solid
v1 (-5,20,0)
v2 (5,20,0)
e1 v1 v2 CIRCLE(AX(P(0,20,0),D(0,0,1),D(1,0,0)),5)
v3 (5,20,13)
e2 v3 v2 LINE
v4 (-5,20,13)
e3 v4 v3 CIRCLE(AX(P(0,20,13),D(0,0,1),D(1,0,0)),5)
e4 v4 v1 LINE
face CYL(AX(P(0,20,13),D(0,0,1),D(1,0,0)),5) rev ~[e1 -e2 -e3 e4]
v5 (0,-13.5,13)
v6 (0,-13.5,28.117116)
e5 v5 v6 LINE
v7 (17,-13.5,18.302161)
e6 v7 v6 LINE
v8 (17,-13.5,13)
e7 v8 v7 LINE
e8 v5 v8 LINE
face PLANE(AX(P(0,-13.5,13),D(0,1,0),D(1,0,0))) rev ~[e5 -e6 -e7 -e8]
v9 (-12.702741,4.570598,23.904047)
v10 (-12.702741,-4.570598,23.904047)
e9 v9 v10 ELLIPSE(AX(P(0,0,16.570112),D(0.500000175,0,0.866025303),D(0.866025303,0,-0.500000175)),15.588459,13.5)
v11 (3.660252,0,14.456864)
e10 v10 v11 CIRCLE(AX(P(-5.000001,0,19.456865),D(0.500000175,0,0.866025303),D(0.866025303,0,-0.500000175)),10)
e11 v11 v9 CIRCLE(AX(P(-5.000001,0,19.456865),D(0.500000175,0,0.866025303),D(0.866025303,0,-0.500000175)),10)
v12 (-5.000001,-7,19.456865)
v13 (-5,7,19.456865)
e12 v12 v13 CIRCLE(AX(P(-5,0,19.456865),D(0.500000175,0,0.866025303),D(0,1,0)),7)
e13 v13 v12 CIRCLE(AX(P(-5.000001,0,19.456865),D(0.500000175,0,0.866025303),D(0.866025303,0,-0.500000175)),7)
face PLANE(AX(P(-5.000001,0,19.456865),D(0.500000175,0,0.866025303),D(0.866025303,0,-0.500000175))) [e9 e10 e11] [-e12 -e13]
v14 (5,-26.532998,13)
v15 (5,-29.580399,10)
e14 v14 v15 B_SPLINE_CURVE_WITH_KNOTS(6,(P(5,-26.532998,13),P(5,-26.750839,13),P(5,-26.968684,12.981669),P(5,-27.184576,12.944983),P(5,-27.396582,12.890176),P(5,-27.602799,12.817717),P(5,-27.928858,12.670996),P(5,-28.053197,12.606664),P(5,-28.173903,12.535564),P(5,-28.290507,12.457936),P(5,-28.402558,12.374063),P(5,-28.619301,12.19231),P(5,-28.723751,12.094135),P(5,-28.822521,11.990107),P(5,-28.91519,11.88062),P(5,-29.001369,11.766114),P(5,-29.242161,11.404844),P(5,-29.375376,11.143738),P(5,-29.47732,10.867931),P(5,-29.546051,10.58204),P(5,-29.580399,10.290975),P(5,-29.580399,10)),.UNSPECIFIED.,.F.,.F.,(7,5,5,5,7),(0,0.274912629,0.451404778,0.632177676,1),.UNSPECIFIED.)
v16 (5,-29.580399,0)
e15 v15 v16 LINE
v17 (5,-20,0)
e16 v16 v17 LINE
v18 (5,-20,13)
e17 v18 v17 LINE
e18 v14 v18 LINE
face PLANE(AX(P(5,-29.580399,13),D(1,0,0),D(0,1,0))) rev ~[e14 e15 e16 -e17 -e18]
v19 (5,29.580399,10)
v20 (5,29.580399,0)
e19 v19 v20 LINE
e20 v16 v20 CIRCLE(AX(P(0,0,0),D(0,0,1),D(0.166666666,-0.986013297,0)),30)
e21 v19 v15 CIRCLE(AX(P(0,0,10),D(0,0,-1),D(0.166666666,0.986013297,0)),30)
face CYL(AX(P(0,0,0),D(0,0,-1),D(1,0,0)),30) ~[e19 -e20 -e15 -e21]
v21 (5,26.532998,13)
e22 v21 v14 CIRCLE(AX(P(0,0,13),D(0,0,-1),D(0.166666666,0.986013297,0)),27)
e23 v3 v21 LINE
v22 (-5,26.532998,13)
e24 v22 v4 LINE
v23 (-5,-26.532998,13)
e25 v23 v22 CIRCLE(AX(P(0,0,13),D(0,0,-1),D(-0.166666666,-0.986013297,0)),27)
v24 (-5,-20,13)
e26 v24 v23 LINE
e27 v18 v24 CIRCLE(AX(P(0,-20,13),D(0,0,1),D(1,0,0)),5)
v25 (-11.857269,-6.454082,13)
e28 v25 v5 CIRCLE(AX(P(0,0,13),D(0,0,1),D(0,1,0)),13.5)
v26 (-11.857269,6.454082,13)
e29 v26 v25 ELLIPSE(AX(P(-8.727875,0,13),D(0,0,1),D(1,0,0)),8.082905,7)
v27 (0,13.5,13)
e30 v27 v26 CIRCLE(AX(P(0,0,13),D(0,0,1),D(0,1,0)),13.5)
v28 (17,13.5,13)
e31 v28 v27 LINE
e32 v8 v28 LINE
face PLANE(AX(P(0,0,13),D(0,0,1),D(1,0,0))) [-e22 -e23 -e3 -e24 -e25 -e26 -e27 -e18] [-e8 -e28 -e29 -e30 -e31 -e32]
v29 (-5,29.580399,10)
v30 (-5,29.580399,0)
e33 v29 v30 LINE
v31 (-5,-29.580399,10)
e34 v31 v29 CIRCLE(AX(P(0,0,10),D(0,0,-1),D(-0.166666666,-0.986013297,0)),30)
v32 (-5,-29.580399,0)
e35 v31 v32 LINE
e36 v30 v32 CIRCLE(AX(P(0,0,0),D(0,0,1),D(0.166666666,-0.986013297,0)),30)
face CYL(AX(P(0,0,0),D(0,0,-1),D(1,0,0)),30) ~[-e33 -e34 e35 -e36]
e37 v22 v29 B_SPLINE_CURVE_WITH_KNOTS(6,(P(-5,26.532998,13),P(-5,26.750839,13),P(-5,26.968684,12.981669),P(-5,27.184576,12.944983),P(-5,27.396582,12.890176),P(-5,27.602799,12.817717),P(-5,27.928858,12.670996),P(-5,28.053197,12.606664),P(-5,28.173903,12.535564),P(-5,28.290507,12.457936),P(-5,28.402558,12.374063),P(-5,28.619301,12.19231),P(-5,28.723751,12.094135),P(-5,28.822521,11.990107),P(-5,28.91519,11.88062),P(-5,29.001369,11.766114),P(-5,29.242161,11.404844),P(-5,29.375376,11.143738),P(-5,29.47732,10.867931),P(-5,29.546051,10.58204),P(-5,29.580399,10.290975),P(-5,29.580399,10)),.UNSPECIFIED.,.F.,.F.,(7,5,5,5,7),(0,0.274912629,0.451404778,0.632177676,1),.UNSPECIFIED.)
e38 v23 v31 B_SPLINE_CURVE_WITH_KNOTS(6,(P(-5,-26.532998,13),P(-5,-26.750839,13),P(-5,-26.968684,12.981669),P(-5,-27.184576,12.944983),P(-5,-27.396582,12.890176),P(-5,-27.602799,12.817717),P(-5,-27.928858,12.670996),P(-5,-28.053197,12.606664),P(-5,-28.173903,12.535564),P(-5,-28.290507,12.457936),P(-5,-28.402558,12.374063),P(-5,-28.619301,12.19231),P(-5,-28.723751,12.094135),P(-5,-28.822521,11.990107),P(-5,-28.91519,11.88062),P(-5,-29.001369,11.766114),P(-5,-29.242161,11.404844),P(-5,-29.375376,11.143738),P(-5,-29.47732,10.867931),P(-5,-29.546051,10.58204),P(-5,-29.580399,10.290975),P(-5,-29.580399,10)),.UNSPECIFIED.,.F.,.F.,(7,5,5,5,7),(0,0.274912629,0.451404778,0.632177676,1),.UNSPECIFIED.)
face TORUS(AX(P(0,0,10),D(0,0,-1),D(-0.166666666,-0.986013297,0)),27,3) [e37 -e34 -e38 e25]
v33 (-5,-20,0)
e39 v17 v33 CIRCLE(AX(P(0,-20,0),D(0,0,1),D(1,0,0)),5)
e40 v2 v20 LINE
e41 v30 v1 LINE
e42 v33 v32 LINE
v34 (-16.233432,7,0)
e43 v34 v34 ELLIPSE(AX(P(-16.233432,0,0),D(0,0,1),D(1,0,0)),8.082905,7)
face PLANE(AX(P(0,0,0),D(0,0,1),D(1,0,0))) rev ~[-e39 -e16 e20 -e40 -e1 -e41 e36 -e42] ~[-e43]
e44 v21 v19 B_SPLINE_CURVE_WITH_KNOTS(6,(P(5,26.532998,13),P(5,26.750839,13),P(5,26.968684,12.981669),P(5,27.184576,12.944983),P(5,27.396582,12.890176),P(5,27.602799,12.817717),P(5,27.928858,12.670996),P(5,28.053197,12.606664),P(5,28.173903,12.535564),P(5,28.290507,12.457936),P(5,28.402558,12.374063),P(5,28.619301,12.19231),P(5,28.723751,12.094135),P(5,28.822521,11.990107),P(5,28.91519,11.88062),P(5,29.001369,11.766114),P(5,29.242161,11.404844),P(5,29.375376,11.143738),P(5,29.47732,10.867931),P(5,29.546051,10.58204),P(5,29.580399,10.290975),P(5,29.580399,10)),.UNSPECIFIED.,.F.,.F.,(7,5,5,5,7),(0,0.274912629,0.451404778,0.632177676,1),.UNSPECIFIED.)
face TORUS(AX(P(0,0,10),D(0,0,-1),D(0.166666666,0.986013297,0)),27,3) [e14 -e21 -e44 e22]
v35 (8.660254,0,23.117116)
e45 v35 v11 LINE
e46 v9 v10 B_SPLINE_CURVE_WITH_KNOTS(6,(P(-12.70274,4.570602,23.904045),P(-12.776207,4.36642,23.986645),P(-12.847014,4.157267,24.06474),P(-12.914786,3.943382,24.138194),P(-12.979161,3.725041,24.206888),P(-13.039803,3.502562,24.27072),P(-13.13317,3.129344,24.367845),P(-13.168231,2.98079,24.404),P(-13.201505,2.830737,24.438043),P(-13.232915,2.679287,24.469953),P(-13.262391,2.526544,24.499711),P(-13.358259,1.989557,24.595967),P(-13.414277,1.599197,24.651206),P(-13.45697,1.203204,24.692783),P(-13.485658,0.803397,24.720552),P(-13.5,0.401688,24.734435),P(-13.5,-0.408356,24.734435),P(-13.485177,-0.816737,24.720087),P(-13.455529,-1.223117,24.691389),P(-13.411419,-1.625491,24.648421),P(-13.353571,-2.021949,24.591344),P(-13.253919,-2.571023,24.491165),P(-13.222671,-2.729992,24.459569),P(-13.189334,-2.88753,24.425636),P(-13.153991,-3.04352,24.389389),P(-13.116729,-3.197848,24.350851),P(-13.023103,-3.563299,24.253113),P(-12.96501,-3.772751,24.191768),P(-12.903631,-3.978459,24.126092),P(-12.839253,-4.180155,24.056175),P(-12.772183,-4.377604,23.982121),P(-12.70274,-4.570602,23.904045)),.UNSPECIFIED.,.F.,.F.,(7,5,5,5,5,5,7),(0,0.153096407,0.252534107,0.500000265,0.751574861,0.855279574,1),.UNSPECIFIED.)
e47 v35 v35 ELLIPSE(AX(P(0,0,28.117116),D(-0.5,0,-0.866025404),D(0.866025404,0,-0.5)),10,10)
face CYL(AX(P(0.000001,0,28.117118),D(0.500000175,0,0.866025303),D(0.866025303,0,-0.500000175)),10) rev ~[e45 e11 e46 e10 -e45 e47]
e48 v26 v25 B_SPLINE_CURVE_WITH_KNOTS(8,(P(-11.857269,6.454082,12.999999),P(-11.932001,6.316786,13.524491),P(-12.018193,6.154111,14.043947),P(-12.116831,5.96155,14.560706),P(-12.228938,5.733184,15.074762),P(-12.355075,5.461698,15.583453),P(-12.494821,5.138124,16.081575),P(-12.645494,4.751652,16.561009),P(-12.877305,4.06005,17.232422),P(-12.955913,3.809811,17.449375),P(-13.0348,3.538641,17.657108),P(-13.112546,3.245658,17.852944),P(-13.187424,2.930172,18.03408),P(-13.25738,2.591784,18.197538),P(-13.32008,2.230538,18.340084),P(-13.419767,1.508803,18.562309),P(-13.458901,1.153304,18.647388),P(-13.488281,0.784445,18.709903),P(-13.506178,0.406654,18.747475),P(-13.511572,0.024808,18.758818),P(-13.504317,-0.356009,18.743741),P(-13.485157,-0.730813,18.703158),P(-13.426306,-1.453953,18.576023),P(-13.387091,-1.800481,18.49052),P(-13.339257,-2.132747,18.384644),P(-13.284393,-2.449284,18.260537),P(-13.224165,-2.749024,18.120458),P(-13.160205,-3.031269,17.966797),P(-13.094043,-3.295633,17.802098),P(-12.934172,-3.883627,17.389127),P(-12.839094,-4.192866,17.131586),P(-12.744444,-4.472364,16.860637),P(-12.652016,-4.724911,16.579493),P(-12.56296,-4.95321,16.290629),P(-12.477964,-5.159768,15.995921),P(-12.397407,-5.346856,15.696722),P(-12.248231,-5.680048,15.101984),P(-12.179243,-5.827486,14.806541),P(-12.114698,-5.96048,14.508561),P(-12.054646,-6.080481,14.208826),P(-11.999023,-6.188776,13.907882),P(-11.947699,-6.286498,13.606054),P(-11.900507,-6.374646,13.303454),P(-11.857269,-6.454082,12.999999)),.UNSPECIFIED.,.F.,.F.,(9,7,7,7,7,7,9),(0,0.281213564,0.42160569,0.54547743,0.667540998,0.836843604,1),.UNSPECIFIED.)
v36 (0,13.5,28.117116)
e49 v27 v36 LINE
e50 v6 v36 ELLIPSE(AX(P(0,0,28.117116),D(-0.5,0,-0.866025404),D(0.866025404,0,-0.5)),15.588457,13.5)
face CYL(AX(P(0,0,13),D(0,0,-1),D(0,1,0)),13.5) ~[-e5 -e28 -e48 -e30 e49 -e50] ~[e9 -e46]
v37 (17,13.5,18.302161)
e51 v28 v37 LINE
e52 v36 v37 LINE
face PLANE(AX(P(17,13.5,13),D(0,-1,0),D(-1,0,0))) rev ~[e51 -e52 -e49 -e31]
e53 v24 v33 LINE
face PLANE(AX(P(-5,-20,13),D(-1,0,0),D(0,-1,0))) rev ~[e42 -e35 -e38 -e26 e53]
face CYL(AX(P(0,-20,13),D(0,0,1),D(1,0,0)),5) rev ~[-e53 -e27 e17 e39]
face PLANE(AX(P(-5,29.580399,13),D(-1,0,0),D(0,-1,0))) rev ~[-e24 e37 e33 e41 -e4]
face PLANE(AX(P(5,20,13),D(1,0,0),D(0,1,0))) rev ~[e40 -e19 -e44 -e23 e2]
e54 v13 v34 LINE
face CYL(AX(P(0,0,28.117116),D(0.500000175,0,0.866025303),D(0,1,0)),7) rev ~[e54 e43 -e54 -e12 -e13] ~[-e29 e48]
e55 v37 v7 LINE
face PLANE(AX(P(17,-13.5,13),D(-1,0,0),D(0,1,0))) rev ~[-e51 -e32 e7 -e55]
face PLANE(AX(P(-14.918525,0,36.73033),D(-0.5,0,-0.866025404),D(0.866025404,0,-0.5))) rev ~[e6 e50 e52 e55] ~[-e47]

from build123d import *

# Parameters (mm, degrees)
F0_R       = 30
F1_DEPTH   = 13
F3_DEPTH   = 25
F5_DEPTH   = 25
F7_DEPTH   = 25
F9_DEPTH   = 25
F10_R      = 10
F10_R_2    = 7
F11_DEPTH  = 10
F11_FACE_R = 7
F12_DEPTH  = 39.351137
F13_R      = 3
F14_R      = 3


with BuildPart() as f1:
    # F0 (on Top) → F1 (new body)
    with BuildSketch(Plane.XY):
        Circle(F0_R)
    extrude(amount=F1_DEPTH)

    # F2 (on face) → F3 (cut)
    with BuildSketch(Plane.XY.offset(13)):
        with BuildLine():
            Line((5, -29.580399), (5, -20))
            ThreePointArc((5, -20), (0, -25), (-5, -20))
            Line((-5, -20), (-5, -29.580399))
            ThreePointArc((-5, -29.580399), (0, -30), (5, -29.580399))
        make_face()
        with BuildLine():
            ThreePointArc((-5, -20), (0, -25), (5, -20))
            ThreePointArc((5, -20), (0, -15), (-5, -20))
        make_face()
    extrude(amount=-F3_DEPTH, mode=Mode.SUBTRACT)

    # F4 (on face) → F5 (cut)
    with BuildSketch(Plane.XY.offset(13)):
        with BuildLine():
            ThreePointArc((-5, 20), (0, 15), (5, 20))
            ThreePointArc((5, 20), (0, 25), (-5, 20))
        make_face()
        with BuildLine():
            ThreePointArc((-5, 20), (0, 25), (5, 20))
            Line((5, 20), (5, 29.580399))
            ThreePointArc((5, 29.580399), (0, 30), (-5, 29.580399))
            Line((-5, 29.580399), (-5, 20))
        make_face()
    extrude(amount=-F5_DEPTH, mode=Mode.SUBTRACT)

    # F6 (on face) → F7 (join)
    with BuildSketch(Plane.XY.offset(13)):
        with BuildLine():
            ThreePointArc((0, -13.5), (9.545942, -9.545942), (13.5, 0))
            ThreePointArc((13.5, 0), (9.545942, 9.545942), (0, 13.5))
            ThreePointArc((0, 13.5), (-13.5, 0), (0, -13.5))
        make_face()
        with BuildLine():
            ThreePointArc((0, 13.5), (9.545942, 9.545942), (13.5, 0))
            ThreePointArc((13.5, 0), (9.545942, -9.545942), (0, -13.5))
            Line((0, -13.5), (17, -13.5))
            Line((17, -13.5), (17, 13.5))
            Line((17, 13.5), (0, 13.5))
        make_face()
    extrude(amount=F7_DEPTH)

    # F8 (on Front) → F9 (cut, symmetric)
    with BuildSketch(Plane.XZ):
        Polygon((-14.918525, 36.73033), (17, 18.302161), (17, 39.234225), (-14.918525, 39.234225), align=None)
    extrude(amount=F9_DEPTH, both=True, mode=Mode.SUBTRACT)

    # F10 (on face) → F11 (cut)
    with BuildSketch(Plane(origin=(12.175068, 0, 21.087837), x_dir=(0.866025, 0, -0.5), z_dir=(0.5, 0, 0.866025))):
        with Locations((-14.058558, 0)):
            Circle(F10_R)
        with Locations((-14.058558, 0)):
            Circle(F10_R_2, mode=Mode.SUBTRACT)
    extrude(amount=-F11_DEPTH, mode=Mode.SUBTRACT)

    # F11_face (on face) → F12 (cut, through all)
    with BuildSketch(Plane(origin=(0, 0, 28.117116), x_dir=(0, 1, 0), z_dir=(0.5, 0, 0.866025))):
        Circle(F11_FACE_R)
    extrude(amount=-F12_DEPTH, mode=Mode.SUBTRACT)

    # F13
    f13_edges = [f1.edges().sort_by_distance(p)[0] for p in [
        (-30, 0, 13),
    ]]
    fillet(f13_edges, radius=F13_R)

    # F14
    f14_edges = [f1.edges().sort_by_distance(p)[0] for p in [
        (30, 0, 13),
    ]]
    fillet(f14_edges, radius=F14_R)


solid = f1.part
